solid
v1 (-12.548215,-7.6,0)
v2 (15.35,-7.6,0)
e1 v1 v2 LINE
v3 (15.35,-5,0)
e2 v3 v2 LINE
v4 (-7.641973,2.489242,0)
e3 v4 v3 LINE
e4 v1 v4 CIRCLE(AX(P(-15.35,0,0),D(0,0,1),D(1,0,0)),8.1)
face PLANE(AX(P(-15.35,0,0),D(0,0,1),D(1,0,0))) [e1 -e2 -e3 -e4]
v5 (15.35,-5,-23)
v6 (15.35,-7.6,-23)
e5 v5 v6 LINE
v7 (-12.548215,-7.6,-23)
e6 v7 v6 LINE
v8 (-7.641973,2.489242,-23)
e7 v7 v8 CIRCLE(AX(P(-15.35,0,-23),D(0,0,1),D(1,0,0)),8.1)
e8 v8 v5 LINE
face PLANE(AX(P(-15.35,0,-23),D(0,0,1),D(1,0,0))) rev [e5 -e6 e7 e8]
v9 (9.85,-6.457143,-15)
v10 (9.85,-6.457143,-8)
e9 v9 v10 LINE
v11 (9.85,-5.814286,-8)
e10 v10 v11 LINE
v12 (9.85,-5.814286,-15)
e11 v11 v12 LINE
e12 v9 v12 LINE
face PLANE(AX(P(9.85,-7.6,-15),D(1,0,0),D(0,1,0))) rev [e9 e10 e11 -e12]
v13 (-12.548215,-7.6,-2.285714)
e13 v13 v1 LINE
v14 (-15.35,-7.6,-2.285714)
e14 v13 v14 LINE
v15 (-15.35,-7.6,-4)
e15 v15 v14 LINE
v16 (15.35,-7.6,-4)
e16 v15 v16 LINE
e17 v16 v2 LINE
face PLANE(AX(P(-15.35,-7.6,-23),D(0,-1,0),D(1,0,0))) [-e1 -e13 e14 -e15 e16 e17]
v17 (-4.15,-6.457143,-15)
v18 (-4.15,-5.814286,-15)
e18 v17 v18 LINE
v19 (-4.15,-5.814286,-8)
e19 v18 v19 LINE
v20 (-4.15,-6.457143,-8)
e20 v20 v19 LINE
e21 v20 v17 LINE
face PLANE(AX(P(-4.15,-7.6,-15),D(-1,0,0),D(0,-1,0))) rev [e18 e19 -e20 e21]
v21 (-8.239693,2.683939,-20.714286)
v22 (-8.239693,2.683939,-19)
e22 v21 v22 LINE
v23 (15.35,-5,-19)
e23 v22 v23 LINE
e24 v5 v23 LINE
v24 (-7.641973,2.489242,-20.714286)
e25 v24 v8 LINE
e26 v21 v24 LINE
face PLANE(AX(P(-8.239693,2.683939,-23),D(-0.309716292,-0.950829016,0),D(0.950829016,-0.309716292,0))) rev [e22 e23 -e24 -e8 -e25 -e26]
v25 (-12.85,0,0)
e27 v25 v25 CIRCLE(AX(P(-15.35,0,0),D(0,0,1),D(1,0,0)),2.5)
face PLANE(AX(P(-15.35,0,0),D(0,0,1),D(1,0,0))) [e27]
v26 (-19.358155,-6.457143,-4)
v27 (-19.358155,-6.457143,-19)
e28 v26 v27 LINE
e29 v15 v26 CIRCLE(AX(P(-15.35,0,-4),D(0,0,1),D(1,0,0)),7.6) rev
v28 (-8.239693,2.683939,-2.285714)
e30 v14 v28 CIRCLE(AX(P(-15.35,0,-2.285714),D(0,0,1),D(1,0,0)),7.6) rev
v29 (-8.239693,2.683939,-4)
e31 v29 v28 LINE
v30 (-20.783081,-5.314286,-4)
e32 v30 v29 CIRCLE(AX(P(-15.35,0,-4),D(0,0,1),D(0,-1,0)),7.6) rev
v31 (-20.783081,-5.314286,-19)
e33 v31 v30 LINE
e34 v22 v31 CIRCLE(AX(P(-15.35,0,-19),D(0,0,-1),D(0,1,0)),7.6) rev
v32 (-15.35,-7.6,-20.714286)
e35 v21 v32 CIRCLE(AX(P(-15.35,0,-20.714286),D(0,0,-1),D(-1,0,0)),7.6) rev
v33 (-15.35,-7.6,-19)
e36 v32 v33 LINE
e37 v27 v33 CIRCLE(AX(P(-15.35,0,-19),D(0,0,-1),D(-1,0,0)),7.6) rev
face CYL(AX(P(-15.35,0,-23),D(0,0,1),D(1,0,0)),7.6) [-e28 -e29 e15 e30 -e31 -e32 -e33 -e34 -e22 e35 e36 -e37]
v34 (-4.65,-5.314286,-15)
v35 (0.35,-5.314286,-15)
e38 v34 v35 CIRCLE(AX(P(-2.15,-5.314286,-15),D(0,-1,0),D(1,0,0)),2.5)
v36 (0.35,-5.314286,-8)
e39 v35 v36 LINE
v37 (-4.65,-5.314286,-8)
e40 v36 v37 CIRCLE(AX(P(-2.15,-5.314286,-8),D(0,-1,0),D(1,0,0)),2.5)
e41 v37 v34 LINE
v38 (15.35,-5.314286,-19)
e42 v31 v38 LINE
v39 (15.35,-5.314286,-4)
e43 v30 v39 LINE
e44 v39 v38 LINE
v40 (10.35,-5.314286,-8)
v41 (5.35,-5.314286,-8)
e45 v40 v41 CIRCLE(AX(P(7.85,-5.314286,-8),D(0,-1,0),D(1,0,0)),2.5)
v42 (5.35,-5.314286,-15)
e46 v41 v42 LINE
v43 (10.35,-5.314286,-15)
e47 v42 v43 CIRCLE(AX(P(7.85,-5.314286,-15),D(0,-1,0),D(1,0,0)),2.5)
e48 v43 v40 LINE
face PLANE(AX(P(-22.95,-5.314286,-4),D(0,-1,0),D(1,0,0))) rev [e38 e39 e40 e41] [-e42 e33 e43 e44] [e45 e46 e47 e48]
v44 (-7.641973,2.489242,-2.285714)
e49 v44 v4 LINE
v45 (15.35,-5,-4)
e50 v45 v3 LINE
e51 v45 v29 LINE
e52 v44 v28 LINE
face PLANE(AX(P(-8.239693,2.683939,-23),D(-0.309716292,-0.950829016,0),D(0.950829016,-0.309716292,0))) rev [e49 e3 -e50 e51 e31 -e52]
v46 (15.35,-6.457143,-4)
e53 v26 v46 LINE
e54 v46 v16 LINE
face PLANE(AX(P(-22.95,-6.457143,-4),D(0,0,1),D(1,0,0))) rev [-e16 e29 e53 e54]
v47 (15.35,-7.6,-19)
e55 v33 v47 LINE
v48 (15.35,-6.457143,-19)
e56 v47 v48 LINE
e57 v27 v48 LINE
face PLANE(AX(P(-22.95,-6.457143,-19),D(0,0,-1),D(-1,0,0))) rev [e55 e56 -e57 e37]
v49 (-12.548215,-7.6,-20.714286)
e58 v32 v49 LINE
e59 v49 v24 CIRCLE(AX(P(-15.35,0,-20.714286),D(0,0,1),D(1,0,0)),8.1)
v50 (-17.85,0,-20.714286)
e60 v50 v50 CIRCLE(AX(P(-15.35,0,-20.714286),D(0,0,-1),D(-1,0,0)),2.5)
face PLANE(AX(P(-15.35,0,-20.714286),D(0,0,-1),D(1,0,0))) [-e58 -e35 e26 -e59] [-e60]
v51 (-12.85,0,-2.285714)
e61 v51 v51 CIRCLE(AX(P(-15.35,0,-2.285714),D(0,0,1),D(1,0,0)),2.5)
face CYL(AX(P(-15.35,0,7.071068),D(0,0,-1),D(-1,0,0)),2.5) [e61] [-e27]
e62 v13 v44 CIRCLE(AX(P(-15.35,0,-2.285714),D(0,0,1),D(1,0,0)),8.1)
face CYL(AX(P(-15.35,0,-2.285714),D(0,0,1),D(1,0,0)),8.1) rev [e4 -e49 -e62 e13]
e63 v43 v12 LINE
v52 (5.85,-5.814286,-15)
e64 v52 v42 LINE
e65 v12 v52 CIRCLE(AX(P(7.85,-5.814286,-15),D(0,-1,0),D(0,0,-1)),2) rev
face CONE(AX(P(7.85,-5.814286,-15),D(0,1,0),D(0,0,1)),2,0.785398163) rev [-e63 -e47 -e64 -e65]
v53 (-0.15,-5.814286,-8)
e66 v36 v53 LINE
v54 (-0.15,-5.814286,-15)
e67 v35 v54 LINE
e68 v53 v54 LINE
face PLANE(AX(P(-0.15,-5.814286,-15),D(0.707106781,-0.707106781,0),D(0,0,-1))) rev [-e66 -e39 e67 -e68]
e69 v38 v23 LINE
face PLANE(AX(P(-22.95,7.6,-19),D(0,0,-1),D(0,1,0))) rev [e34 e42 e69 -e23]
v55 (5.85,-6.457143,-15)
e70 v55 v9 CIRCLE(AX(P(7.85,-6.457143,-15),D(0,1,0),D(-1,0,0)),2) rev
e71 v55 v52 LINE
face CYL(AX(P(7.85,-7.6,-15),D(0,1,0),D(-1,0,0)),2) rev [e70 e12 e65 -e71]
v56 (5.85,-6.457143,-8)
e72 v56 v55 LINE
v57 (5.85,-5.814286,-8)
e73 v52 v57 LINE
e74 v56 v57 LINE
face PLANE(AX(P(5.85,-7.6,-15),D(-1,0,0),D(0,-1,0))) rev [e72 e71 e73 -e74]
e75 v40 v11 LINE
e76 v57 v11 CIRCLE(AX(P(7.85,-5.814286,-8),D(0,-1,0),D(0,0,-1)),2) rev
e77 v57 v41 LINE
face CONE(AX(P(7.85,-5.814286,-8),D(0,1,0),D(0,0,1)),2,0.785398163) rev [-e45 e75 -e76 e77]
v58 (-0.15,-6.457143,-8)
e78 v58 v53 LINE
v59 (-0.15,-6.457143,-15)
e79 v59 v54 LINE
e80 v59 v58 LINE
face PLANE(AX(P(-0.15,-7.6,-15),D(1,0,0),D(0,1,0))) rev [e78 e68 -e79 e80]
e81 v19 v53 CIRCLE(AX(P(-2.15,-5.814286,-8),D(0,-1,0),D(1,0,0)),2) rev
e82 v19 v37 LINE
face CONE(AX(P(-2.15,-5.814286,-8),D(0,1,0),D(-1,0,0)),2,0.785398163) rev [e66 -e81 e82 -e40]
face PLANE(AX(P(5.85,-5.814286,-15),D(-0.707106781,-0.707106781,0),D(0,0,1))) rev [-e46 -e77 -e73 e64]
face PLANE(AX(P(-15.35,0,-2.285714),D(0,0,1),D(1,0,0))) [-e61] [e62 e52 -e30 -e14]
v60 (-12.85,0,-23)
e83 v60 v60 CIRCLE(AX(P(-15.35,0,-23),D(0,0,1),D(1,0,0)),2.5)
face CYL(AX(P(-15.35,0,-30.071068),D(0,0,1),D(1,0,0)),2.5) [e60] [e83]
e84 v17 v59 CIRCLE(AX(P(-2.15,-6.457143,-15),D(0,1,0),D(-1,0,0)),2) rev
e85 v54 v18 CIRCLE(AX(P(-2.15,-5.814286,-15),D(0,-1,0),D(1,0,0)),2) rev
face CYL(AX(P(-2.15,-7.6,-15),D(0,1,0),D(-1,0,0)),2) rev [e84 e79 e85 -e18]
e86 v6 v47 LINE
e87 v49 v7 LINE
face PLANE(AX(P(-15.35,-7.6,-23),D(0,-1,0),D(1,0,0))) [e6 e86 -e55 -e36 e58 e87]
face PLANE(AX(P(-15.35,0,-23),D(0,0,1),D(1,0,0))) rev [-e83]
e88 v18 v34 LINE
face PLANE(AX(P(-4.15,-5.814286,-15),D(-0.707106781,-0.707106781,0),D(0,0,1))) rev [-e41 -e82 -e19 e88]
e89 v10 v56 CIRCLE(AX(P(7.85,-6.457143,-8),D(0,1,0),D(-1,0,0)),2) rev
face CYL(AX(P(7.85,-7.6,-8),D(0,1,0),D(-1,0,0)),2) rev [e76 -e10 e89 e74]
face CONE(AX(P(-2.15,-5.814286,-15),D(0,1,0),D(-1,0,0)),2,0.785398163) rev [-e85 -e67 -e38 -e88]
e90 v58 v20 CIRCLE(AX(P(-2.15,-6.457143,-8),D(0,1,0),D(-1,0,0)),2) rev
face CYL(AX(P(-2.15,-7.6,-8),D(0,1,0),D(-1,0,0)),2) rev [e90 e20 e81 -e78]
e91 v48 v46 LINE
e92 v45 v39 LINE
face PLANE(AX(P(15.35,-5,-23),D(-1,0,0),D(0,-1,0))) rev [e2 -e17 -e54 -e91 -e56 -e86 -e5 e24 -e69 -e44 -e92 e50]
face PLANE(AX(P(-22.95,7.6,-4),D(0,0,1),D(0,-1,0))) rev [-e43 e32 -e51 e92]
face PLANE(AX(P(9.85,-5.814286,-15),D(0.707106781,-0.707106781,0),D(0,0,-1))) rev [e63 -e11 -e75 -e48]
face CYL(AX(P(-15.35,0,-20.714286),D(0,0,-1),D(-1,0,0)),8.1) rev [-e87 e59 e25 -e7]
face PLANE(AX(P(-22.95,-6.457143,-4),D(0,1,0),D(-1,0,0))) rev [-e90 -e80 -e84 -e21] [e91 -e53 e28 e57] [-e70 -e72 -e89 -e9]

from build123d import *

# Parameters (mm, degrees)
BOSS_EXTRUDE1_DEPTH = 23
CUT_EXTRUDE1_DEPTH  = 24
SKETCH3_W           = 15
SKETCH3_H           = 12.914285714
CUT_EXTRUDE2_DEPTH  = 39.3
CUT_EXTRUDE4_DEPTH  = 3.285714286
SKETCH4_W           = 15
SKETCH4_H           = 1.142857143
CUT_EXTRUDE3_DEPTH  = 39.3
SKETCH_1_R          = 8.1
CUT_EXTRUDE_1_DEPTH = 2.285714
BOSS_EXTRUDE3_START = -2.285714
SKETCH7_R           = 2.5
BOSS_EXTRUDE3_DEPTH = 2.285714
EXTRUDE_START       = -20.714286
SKETCH7_2_R         = 2.5
EXTRUDE_1_DEPTH     = 2.285714
CHAMFER1_SIZE       = 0.5


with BuildPart() as part:
    # Sketch1 → Boss-Extrude1 (new body)
    with BuildSketch(Plane.XY):
        with BuildLine():
            Line((-15.35, 7.6), (15.35, 7.6))
            ThreePointArc((15.35, 7.6), (22.95, 0), (15.35, -7.6))
            Line((15.35, -7.6), (-15.35, -7.6))
            ThreePointArc((-15.35, -7.6), (-22.95, 0), (-15.35, 7.6))
        make_face()
    extrude(amount=-BOSS_EXTRUDE1_DEPTH)

    # Sketch2 → Cut-Extrude1 (cut, through all)
    with BuildSketch(Plane.XY):
        with BuildLine():
            Line((-8.239692572, 2.683938949), (15.35, -5))
            Line((15.35, -5), (15.35, -7.6))
            ThreePointArc((15.35, -7.6), (22.95, 0), (15.35, 7.6))
            Line((15.35, 7.6), (-15.35, 7.6))
            ThreePointArc((-15.35, 7.6), (-11.027844057, 6.251317302), (-8.239692572, 2.683938949))
        make_face()
    extrude(amount=-CUT_EXTRUDE1_DEPTH, mode=Mode.SUBTRACT)

    # Sketch3 → Cut-Extrude2 (cut, through all)
    with BuildSketch(Plane(origin=(15.35, 0, 0), x_dir=(0, 0, -1), z_dir=(1, 0, 0))):
        with Locations((11.5, 1.142857143)):
            Rectangle(SKETCH3_W, SKETCH3_H)
    extrude(amount=-CUT_EXTRUDE2_DEPTH, mode=Mode.SUBTRACT)

    # Sketch5 → Cut-Extrude4 (cut, through all)
    with BuildSketch(Plane(origin=(0, -5.314285714, 0), x_dir=(1, 0, 0), z_dir=(0, 1, 0))):
        with BuildLine():
            Line((9.85, 15), (9.85, 8))
            ThreePointArc((9.85, 8), (7.85, 6), (5.85, 8))
            Line((5.85, 8), (5.85, 15))
            ThreePointArc((5.85, 15), (7.85, 17), (9.85, 15))
        make_face()
        with BuildLine():
            Line((-0.15, 15), (-0.15, 8))
            ThreePointArc((-0.15, 8), (-2.15, 6), (-4.15, 8))
            Line((-4.15, 8), (-4.15, 15))
            ThreePointArc((-4.15, 15), (-2.15, 17), (-0.15, 15))
        make_face()
    extrude(amount=-CUT_EXTRUDE4_DEPTH, mode=Mode.SUBTRACT)

    # Sketch4 → Cut-Extrude3 (cut, through all)
    with BuildSketch(Plane(origin=(15.35, 0, 0), x_dir=(0, 0, -1), z_dir=(1, 0, 0))):
        with Locations((11.5, -7.028571429)):
            Rectangle(SKETCH4_W, SKETCH4_H)
    extrude(amount=-CUT_EXTRUDE3_DEPTH, mode=Mode.SUBTRACT)

    # Sketch 1 → Cut-Extrude 1 (cut)
    with BuildSketch(Plane.XY):
        with Locations((-15.35, 0)):
            Circle(SKETCH_1_R)
    cut_extrude_1 = extrude(amount=-CUT_EXTRUDE_1_DEPTH, mode=Mode.SUBTRACT)

    # Sketch7 → Boss-Extrude3 (add)
    with BuildSketch(Plane.XY.offset(BOSS_EXTRUDE3_START)):
        with Locations((-15.35, 0)):
            Circle(SKETCH7_R)
    extrude(amount=BOSS_EXTRUDE3_DEPTH)

    # Mirror 1: Cut-Extrude 1 across plane
    add(cut_extrude_1.mirror(Plane.XY.offset(-11.5)), mode=Mode.SUBTRACT)

    # Sketch7_2 → Extrude 1 (add)
    with BuildSketch(Plane.XY.offset(EXTRUDE_START)):
        with Locations((-15.35, 0)):
            Circle(SKETCH7_2_R)
    extrude(amount=-EXTRUDE_1_DEPTH)

    # Chamfer1
    chamfer1_edges = [part.edges().sort_by_distance(p)[0] for p in [
        (7.85, -5.314285714, -17),
        (5.85, -5.314285714, -11.5),
        (7.85, -5.314285714, -6),
        (9.85, -5.314285714, -11.5),
        (-2.15, -5.314285714, -17),
        (-4.15, -5.314285714, -11.5),
        (-2.15, -5.314285714, -6),
        (-0.15, -5.314285714, -11.5),
    ]]
    chamfer(chamfer1_edges, length=CHAMFER1_SIZE)


solid = part.part
